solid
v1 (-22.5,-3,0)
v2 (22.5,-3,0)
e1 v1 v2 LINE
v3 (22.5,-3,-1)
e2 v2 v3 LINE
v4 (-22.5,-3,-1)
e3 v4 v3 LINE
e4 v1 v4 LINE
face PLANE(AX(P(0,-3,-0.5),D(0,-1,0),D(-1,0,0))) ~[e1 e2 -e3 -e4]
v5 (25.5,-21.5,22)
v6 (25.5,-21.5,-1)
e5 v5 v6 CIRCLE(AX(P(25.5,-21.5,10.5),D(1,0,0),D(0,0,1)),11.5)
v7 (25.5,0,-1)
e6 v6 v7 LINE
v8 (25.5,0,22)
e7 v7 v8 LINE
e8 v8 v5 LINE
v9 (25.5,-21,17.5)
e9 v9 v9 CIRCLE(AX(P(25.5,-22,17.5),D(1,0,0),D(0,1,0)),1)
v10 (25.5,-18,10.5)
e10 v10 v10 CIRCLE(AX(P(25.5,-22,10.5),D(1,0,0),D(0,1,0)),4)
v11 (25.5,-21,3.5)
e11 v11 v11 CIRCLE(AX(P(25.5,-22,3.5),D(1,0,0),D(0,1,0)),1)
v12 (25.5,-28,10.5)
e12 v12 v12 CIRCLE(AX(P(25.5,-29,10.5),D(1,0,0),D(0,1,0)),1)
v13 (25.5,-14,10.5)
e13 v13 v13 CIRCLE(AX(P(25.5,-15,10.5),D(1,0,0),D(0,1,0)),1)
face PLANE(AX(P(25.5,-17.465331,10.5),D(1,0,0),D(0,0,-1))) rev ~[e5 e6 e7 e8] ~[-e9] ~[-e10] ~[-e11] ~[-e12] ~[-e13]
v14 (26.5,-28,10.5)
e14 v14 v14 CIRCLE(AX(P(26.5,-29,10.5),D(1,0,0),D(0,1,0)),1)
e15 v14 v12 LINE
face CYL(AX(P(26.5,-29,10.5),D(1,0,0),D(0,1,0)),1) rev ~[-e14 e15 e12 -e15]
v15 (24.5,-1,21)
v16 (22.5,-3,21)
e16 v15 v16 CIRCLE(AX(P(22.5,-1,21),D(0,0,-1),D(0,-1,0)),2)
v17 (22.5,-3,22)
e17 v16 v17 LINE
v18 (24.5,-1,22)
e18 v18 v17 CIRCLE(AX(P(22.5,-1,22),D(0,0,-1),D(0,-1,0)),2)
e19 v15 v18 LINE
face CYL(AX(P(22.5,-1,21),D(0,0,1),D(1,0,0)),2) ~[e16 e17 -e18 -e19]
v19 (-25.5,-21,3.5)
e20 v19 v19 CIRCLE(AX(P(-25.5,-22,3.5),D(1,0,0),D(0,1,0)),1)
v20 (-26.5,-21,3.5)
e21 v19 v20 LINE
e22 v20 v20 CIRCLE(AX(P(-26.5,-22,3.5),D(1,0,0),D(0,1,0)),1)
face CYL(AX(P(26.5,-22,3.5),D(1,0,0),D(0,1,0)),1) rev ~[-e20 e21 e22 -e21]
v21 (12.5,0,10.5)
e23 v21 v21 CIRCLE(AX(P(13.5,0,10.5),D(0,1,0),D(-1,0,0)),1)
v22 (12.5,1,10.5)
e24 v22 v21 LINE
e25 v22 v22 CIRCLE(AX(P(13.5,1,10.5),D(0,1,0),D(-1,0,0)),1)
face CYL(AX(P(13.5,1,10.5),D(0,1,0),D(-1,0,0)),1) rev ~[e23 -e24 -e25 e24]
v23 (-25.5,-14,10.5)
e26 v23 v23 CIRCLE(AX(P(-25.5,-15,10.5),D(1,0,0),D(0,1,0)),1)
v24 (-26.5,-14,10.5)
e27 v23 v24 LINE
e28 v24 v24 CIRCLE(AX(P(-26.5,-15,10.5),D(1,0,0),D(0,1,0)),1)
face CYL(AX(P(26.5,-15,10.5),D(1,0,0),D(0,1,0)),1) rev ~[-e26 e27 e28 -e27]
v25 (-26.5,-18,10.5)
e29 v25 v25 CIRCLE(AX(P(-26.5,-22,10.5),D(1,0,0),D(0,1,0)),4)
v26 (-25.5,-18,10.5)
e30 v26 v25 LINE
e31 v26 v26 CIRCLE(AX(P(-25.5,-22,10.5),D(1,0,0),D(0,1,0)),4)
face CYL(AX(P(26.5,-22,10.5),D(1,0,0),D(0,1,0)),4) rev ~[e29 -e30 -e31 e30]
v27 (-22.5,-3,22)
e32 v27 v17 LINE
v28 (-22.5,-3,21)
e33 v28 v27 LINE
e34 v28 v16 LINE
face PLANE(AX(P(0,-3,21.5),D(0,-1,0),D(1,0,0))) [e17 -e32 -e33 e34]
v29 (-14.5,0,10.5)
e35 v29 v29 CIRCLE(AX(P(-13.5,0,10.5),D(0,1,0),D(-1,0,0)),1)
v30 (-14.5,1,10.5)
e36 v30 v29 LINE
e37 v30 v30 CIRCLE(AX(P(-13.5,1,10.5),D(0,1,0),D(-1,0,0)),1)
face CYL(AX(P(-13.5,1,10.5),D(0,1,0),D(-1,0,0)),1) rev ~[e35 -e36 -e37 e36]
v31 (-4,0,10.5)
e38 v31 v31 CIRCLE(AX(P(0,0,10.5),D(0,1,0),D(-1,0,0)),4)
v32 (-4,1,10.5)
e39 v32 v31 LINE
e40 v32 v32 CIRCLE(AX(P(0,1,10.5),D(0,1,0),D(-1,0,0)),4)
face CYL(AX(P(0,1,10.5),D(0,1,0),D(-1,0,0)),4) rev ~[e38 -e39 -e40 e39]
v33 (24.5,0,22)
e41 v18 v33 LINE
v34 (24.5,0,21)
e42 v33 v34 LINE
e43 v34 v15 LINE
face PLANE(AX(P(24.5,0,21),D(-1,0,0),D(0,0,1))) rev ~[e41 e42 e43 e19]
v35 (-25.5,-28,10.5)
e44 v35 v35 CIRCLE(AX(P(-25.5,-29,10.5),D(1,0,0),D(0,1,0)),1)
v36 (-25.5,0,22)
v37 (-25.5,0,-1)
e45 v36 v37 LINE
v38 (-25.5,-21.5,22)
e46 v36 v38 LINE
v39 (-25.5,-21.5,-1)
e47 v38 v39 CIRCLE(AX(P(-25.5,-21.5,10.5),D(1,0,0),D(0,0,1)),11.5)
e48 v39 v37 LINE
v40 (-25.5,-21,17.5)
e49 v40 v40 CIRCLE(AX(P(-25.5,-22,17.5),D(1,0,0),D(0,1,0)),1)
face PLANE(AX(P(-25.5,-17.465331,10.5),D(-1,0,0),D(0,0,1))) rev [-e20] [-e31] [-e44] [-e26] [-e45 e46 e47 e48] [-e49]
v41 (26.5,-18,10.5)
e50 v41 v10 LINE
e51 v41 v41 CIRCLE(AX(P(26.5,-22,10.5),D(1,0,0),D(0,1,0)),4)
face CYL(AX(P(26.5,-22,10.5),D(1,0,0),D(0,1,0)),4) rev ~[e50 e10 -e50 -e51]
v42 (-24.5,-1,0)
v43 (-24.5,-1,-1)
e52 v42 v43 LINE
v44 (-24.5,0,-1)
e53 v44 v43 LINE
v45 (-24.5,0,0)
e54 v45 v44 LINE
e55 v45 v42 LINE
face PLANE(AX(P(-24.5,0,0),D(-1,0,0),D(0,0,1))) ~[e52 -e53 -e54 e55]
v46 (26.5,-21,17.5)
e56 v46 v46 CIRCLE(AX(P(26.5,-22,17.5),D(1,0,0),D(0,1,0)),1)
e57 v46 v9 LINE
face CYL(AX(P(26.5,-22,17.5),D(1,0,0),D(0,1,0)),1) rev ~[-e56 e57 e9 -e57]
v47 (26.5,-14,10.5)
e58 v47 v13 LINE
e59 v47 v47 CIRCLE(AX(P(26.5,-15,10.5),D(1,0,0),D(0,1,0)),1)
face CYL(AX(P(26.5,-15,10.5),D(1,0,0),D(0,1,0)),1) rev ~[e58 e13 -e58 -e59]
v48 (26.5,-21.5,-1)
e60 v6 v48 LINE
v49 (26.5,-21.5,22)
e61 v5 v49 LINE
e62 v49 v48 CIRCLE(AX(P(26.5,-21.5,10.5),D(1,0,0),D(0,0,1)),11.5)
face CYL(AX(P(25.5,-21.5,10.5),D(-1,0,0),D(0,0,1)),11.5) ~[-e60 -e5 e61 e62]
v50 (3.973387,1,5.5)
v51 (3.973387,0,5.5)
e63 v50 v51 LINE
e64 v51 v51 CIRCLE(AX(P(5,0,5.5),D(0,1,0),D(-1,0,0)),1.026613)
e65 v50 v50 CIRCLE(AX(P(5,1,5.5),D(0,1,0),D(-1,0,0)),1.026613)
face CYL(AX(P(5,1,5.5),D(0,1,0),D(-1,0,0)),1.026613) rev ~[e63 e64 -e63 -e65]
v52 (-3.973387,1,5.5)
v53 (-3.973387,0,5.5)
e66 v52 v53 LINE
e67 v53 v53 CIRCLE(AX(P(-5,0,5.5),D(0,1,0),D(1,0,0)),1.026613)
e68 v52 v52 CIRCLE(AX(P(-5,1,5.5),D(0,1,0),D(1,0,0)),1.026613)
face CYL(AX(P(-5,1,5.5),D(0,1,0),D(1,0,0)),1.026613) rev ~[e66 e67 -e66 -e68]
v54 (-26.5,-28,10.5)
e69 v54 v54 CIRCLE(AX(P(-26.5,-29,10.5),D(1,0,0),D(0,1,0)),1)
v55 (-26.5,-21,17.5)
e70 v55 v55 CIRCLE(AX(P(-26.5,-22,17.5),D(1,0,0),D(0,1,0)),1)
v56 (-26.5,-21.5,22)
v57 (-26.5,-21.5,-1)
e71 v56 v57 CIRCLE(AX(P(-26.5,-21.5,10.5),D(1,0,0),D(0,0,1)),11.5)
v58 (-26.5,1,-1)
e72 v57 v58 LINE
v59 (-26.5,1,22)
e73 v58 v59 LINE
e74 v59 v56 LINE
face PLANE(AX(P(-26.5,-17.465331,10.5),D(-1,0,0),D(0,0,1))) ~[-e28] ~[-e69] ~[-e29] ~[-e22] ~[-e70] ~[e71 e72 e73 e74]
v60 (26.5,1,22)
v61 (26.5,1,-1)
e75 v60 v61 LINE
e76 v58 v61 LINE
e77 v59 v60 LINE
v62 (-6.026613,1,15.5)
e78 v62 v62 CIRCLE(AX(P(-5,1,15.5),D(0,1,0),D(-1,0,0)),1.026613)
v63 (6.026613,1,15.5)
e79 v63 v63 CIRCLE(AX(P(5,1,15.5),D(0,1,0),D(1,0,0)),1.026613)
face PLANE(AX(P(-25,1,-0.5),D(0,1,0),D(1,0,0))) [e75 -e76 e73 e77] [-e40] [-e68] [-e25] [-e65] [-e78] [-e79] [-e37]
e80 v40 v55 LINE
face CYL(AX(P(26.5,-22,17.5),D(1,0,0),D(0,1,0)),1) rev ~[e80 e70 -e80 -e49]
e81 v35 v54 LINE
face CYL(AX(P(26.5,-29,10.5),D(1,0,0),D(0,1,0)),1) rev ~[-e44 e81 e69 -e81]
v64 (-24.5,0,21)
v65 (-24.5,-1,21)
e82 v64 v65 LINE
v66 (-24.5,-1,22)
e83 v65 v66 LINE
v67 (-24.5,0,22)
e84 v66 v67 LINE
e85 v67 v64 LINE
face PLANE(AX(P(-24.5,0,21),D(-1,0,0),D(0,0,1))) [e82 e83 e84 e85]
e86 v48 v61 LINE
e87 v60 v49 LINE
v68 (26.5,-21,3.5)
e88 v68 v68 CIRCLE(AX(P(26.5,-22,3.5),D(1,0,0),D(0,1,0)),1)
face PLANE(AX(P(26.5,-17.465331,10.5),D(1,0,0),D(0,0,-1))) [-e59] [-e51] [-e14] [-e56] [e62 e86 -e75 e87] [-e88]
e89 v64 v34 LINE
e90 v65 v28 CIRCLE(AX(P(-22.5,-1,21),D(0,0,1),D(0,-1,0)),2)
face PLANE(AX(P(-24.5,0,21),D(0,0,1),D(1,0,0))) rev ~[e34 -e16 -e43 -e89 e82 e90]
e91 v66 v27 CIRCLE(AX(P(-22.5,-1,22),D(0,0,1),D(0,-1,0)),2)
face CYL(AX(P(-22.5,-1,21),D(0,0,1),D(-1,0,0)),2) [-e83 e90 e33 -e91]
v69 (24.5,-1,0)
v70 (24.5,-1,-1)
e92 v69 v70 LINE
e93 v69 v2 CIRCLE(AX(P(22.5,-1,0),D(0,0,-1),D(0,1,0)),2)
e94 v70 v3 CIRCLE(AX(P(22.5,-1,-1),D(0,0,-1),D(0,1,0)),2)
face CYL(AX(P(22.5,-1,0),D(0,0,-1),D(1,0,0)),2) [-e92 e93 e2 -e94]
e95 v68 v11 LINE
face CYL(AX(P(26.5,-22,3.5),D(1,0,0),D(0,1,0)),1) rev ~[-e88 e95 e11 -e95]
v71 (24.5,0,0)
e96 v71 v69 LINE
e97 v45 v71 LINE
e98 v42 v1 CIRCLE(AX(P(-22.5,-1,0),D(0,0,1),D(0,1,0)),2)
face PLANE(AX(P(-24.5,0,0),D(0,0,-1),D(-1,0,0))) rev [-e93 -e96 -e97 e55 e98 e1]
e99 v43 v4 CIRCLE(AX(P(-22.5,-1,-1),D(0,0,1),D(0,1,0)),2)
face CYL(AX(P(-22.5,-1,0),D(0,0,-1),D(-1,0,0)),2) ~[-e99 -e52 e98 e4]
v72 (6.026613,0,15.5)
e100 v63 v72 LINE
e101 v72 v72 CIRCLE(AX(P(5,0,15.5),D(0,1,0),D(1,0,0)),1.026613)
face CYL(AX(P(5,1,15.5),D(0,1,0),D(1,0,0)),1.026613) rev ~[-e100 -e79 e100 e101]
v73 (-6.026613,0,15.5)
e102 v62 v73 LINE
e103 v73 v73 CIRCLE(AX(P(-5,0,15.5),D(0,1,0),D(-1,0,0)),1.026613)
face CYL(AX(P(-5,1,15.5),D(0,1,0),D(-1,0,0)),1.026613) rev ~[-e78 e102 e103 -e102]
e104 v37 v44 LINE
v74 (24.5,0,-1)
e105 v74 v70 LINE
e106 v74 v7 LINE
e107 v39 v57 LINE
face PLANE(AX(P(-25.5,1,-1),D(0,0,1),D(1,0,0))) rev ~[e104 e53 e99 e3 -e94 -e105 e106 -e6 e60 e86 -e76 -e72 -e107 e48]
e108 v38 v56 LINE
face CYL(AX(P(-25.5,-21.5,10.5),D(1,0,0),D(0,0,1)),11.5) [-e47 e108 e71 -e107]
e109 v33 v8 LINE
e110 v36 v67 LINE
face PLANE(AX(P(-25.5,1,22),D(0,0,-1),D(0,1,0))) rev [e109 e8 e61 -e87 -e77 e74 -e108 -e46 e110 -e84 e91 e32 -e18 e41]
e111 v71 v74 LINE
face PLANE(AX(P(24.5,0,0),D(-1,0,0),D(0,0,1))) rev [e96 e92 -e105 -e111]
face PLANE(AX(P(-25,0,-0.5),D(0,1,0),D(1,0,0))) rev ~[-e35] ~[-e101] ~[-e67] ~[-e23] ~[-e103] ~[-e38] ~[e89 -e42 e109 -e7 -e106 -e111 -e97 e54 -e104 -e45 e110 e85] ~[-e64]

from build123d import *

# Parameters (mm, degrees)
EXTRUDE_1_DEPTH        = 21
CUT_EXTRUDE_1_REACH    = 67.376
CUT_EXTRUDE_2_REACH    = 67.376
SKETCH_3_R             = 4
SKETCH_3_R_2           = 1
SKETCH_4_R             = 4
SKETCH_4_R_2           = 1.026612686
SKETCH_4_R_3           = 1
CUT_EXTRUDE_3_DEPTH    = 1
SKETCH_6_W             = 49
SKETCH_6_H             = 1
EXTRUDE_2_DEPTH        = 1
SKETCH_7_W             = 49
SKETCH_7_H             = 1
EXTRUDE_3_DEPTH        = 3
FILLET_1_R             = 2
FILLET_1_OF_MIRROR_3_R = 2
EXTRUDE_START          = -1
EXTRUDE_4_DEPTH        = 1
SKETCH_10_W            = 1
SKETCH_10_H            = 1
EXTRUDE_5_DEPTH        = 1


with BuildPart() as part:
    # 草图1 → 凸台-拉伸1 (new body)
    with BuildSketch(Plane.XY):
        Polygon((-26.5, 1), (-26.5, -32), (-25.5, -32), (-25.5, 0), (25.5, 0), (25.5, -32), (26.5, -32), (26.5, 1), align=None)
    extrude(amount=EXTRUDE_1_DEPTH)

    # 切除-拉伸1: up to this face of the body (flat: up to its plane)
    cut_extrude_1_end = Plane(part.part.faces().sort_by_distance((26.5, -15.5, 10.5))[0])
    # 草图2 → 切除-拉伸1 (cut, up to the picked face)
    with BuildSketch(Plane.ZY.offset(26.5), mode=Mode.PRIVATE) as cut_extrude_1_sk1:
        with BuildLine():
            Line((0, -32), (10.5, -32))
            ThreePointArc((10.5, -32), (3.075378798, -28.924621202), (0, -21.5))
            Line((0, -21.5), (0, -32))
        make_face()
    cut_extrude_1_tool1 = split(extrude(cut_extrude_1_sk1.sketch, amount=-CUT_EXTRUDE_1_REACH, mode=Mode.PRIVATE), bisect_by=cut_extrude_1_end, keep=Keep.BOTH, mode=Mode.PRIVATE)
    cut_extrude_1 = cut_extrude_1_tool1.solids().sort_by(Axis((-26.5, -29.654637, 2.345363), (1, 0, 0)))[0]
    add(cut_extrude_1, mode=Mode.SUBTRACT)

    # 镜向1: 切除-拉伸1 across plane
    add(cut_extrude_1.mirror(Plane.XY.offset(10.5)), mode=Mode.SUBTRACT)

    # 切除-拉伸2: up to this face of the body (flat: up to its plane)
    cut_extrude_2_end = Plane(part.part.faces().sort_by_distance((-26.5, -14.462654994, 10.5))[0])
    # 草图3 → 切除-拉伸2 (cut, up to the picked face)
    with BuildSketch(Plane(origin=(26.5, 0, 0), x_dir=(0, 0, -1), z_dir=(1, 0, 0)), mode=Mode.PRIVATE) as cut_extrude_2_sk1:
        with Locations(Location((-10.5, -22, 0), (0, 0, 90))):
            Circle(SKETCH_3_R)
    cut_extrude_2_tool1 = split(extrude(cut_extrude_2_sk1.sketch, amount=-CUT_EXTRUDE_2_REACH, mode=Mode.PRIVATE), bisect_by=cut_extrude_2_end, keep=Keep.BOTH, mode=Mode.PRIVATE)
    # 草图3 → 切除-拉伸2 (cut, up to the picked face)
    with BuildSketch(Plane(origin=(26.5, 0, 0), x_dir=(0, 0, -1), z_dir=(1, 0, 0)), mode=Mode.PRIVATE) as cut_extrude_2_sk2:
        with Locations(Location((-3.5, -22, 0), (0, 0, 90))):
            Circle(SKETCH_3_R_2)
    cut_extrude_2_tool2 = split(extrude(cut_extrude_2_sk2.sketch, amount=-CUT_EXTRUDE_2_REACH, mode=Mode.PRIVATE), bisect_by=cut_extrude_2_end, keep=Keep.BOTH, mode=Mode.PRIVATE)
    # 草图3 → 切除-拉伸2 (cut, up to the picked face)
    with BuildSketch(Plane(origin=(26.5, 0, 0), x_dir=(0, 0, -1), z_dir=(1, 0, 0)), mode=Mode.PRIVATE) as cut_extrude_2_sk3:
        with Locations(Location((-10.5, -15, 0), (0, 0, 90))):
            Circle(SKETCH_3_R_2)
    cut_extrude_2_tool3 = split(extrude(cut_extrude_2_sk3.sketch, amount=-CUT_EXTRUDE_2_REACH, mode=Mode.PRIVATE), bisect_by=cut_extrude_2_end, keep=Keep.BOTH, mode=Mode.PRIVATE)
    # 草图3 → 切除-拉伸2 (cut, up to the picked face)
    with BuildSketch(Plane(origin=(26.5, 0, 0), x_dir=(0, 0, -1), z_dir=(1, 0, 0)), mode=Mode.PRIVATE) as cut_extrude_2_sk4:
        with Locations(Location((-17.5, -22, 0), (0, 0, 90))):
            Circle(SKETCH_3_R_2)
    cut_extrude_2_tool4 = split(extrude(cut_extrude_2_sk4.sketch, amount=-CUT_EXTRUDE_2_REACH, mode=Mode.PRIVATE), bisect_by=cut_extrude_2_end, keep=Keep.BOTH, mode=Mode.PRIVATE)
    # 草图3 → 切除-拉伸2 (cut, up to the picked face)
    with BuildSketch(Plane(origin=(26.5, 0, 0), x_dir=(0, 0, -1), z_dir=(1, 0, 0)), mode=Mode.PRIVATE) as cut_extrude_2_sk5:
        with Locations(Location((-10.5, -29, 0), (0, 0, 90))):
            Circle(SKETCH_3_R_2)
    cut_extrude_2_tool5 = split(extrude(cut_extrude_2_sk5.sketch, amount=-CUT_EXTRUDE_2_REACH, mode=Mode.PRIVATE), bisect_by=cut_extrude_2_end, keep=Keep.BOTH, mode=Mode.PRIVATE)
    add(cut_extrude_2_tool1.solids().sort_by(Axis((26.5, -22, 10.5), (-1, 0, 0)))[0], mode=Mode.SUBTRACT)
    add(cut_extrude_2_tool2.solids().sort_by(Axis((26.5, -22, 3.5), (-1, 0, 0)))[0], mode=Mode.SUBTRACT)
    add(cut_extrude_2_tool3.solids().sort_by(Axis((26.5, -15, 10.5), (-1, 0, 0)))[0], mode=Mode.SUBTRACT)
    add(cut_extrude_2_tool4.solids().sort_by(Axis((26.5, -22, 17.5), (-1, 0, 0)))[0], mode=Mode.SUBTRACT)
    add(cut_extrude_2_tool5.solids().sort_by(Axis((26.5, -29, 10.5), (-1, 0, 0)))[0], mode=Mode.SUBTRACT)

    # 草图4 → 切除-拉伸3 (cut)
    with BuildSketch(Plane(origin=(0, 1, 0), x_dir=(1, 0, 0), z_dir=(0, 1, 0))):
        with Locations(Location((0, -10.5, 0), (0, 0, 180))):
            Circle(SKETCH_4_R)
        with Locations(Location((5, -5.5, 0), (0, 0, 180))):
            Circle(SKETCH_4_R_2)
        with Locations(Location((13.5, -10.5, 0), (0, 0, 180))):
            Circle(SKETCH_4_R_3)
        with Locations(Location((-13.5, -10.5, 0), (0, 0, 180))):
            Circle(SKETCH_4_R_3)
        with Locations((5, -15.5)):
            Circle(SKETCH_4_R_2)
        with Locations((-5, -5.5)):
            Circle(SKETCH_4_R_2)
        with Locations(Location((-5, -15.5, 0), (0, 0, 180))):
            Circle(SKETCH_4_R_2)
    extrude(amount=-CUT_EXTRUDE_3_DEPTH, mode=Mode.SUBTRACT)

    # 草图6 → 凸台-拉伸2 (add)
    with BuildSketch(Plane.XY.offset(21)):
        with Locations((0, 0.5)):
            Rectangle(SKETCH_6_W, SKETCH_6_H)
    extrude_2 = extrude(amount=EXTRUDE_2_DEPTH)

    # 草图7 → 凸台-拉伸3 (add)
    with BuildSketch(Plane.XZ):
        with Locations((0, 21.5)):
            Rectangle(SKETCH_7_W, SKETCH_7_H)
    extrude_3 = extrude(amount=EXTRUDE_3_DEPTH)

    # 圆角1
    fillet_1_edges = [part.edges().sort_by_distance(p)[0] for p in [
        (24.5, -3, 21.5),
        (-24.5, -3, 21.5),
    ]]
    fillet(fillet_1_edges, radius=FILLET_1_R)

    # 镜向3: 凸台-拉伸2, 凸台-拉伸3 across plane
    add(extrude_2.mirror(Plane.XY.offset(10.5)))
    add(extrude_3.mirror(Plane.XY.offset(10.5)))

    # 圆角1 of 镜向3
    fillet_1_of_mirror_3_edges = [part.edges().sort_by_distance(p)[0] for p in [
        (24.5, -3, -0.5),
        (-24.5, -3, -0.5),
    ]]
    fillet(fillet_1_of_mirror_3_edges, radius=FILLET_1_OF_MIRROR_3_R)

    # 草图9 → 凸台-拉伸4 (add)
    with BuildSketch(Plane(origin=(26.5, 0, 0), x_dir=(0, 0, -1), z_dir=(1, 0, 0)).offset(EXTRUDE_START)):
        with BuildLine():
            Line((-21, 1), (-22, 1))
            Line((-22, 1), (-22, -21.5))
            ThreePointArc((-22, -21.5), (-10.5, -33), (1, -21.5))
            Line((1, -21.5), (1, 1))
            Line((1, 1), (0, 1))
            Line((0, 1), (0, -21.5))
            ThreePointArc((0, -21.5), (-10.5, -32), (-21, -21.5))
            Line((-21, -21.5), (-21, 1))
        make_face()
    extrude_4 = extrude(amount=EXTRUDE_4_DEPTH)

    # 镜向4: 凸台-拉伸4 across plane
    add(extrude_4.mirror(Plane(origin=(0, 0, 0), x_dir=(0, 0, 1), z_dir=(1, 0, 0))))

    # 草图10 → 凸台-拉伸5 (add)
    with BuildSketch(Plane(origin=(0, 1, 0), x_dir=(1, 0, 0), z_dir=(0, 1, 0))):
        with Locations((-25, 0.5)):
            Rectangle(SKETCH_10_W, SKETCH_10_H)
        with Locations((-25, -21.5)):
            Rectangle(SKETCH_10_W, SKETCH_10_H)
        with Locations((25, 0.5)):
            Rectangle(SKETCH_10_W, SKETCH_10_H)
        with Locations((25, -21.5)):
            Rectangle(SKETCH_10_W, SKETCH_10_H)
    extrude(amount=-EXTRUDE_5_DEPTH)


solid = part.part
